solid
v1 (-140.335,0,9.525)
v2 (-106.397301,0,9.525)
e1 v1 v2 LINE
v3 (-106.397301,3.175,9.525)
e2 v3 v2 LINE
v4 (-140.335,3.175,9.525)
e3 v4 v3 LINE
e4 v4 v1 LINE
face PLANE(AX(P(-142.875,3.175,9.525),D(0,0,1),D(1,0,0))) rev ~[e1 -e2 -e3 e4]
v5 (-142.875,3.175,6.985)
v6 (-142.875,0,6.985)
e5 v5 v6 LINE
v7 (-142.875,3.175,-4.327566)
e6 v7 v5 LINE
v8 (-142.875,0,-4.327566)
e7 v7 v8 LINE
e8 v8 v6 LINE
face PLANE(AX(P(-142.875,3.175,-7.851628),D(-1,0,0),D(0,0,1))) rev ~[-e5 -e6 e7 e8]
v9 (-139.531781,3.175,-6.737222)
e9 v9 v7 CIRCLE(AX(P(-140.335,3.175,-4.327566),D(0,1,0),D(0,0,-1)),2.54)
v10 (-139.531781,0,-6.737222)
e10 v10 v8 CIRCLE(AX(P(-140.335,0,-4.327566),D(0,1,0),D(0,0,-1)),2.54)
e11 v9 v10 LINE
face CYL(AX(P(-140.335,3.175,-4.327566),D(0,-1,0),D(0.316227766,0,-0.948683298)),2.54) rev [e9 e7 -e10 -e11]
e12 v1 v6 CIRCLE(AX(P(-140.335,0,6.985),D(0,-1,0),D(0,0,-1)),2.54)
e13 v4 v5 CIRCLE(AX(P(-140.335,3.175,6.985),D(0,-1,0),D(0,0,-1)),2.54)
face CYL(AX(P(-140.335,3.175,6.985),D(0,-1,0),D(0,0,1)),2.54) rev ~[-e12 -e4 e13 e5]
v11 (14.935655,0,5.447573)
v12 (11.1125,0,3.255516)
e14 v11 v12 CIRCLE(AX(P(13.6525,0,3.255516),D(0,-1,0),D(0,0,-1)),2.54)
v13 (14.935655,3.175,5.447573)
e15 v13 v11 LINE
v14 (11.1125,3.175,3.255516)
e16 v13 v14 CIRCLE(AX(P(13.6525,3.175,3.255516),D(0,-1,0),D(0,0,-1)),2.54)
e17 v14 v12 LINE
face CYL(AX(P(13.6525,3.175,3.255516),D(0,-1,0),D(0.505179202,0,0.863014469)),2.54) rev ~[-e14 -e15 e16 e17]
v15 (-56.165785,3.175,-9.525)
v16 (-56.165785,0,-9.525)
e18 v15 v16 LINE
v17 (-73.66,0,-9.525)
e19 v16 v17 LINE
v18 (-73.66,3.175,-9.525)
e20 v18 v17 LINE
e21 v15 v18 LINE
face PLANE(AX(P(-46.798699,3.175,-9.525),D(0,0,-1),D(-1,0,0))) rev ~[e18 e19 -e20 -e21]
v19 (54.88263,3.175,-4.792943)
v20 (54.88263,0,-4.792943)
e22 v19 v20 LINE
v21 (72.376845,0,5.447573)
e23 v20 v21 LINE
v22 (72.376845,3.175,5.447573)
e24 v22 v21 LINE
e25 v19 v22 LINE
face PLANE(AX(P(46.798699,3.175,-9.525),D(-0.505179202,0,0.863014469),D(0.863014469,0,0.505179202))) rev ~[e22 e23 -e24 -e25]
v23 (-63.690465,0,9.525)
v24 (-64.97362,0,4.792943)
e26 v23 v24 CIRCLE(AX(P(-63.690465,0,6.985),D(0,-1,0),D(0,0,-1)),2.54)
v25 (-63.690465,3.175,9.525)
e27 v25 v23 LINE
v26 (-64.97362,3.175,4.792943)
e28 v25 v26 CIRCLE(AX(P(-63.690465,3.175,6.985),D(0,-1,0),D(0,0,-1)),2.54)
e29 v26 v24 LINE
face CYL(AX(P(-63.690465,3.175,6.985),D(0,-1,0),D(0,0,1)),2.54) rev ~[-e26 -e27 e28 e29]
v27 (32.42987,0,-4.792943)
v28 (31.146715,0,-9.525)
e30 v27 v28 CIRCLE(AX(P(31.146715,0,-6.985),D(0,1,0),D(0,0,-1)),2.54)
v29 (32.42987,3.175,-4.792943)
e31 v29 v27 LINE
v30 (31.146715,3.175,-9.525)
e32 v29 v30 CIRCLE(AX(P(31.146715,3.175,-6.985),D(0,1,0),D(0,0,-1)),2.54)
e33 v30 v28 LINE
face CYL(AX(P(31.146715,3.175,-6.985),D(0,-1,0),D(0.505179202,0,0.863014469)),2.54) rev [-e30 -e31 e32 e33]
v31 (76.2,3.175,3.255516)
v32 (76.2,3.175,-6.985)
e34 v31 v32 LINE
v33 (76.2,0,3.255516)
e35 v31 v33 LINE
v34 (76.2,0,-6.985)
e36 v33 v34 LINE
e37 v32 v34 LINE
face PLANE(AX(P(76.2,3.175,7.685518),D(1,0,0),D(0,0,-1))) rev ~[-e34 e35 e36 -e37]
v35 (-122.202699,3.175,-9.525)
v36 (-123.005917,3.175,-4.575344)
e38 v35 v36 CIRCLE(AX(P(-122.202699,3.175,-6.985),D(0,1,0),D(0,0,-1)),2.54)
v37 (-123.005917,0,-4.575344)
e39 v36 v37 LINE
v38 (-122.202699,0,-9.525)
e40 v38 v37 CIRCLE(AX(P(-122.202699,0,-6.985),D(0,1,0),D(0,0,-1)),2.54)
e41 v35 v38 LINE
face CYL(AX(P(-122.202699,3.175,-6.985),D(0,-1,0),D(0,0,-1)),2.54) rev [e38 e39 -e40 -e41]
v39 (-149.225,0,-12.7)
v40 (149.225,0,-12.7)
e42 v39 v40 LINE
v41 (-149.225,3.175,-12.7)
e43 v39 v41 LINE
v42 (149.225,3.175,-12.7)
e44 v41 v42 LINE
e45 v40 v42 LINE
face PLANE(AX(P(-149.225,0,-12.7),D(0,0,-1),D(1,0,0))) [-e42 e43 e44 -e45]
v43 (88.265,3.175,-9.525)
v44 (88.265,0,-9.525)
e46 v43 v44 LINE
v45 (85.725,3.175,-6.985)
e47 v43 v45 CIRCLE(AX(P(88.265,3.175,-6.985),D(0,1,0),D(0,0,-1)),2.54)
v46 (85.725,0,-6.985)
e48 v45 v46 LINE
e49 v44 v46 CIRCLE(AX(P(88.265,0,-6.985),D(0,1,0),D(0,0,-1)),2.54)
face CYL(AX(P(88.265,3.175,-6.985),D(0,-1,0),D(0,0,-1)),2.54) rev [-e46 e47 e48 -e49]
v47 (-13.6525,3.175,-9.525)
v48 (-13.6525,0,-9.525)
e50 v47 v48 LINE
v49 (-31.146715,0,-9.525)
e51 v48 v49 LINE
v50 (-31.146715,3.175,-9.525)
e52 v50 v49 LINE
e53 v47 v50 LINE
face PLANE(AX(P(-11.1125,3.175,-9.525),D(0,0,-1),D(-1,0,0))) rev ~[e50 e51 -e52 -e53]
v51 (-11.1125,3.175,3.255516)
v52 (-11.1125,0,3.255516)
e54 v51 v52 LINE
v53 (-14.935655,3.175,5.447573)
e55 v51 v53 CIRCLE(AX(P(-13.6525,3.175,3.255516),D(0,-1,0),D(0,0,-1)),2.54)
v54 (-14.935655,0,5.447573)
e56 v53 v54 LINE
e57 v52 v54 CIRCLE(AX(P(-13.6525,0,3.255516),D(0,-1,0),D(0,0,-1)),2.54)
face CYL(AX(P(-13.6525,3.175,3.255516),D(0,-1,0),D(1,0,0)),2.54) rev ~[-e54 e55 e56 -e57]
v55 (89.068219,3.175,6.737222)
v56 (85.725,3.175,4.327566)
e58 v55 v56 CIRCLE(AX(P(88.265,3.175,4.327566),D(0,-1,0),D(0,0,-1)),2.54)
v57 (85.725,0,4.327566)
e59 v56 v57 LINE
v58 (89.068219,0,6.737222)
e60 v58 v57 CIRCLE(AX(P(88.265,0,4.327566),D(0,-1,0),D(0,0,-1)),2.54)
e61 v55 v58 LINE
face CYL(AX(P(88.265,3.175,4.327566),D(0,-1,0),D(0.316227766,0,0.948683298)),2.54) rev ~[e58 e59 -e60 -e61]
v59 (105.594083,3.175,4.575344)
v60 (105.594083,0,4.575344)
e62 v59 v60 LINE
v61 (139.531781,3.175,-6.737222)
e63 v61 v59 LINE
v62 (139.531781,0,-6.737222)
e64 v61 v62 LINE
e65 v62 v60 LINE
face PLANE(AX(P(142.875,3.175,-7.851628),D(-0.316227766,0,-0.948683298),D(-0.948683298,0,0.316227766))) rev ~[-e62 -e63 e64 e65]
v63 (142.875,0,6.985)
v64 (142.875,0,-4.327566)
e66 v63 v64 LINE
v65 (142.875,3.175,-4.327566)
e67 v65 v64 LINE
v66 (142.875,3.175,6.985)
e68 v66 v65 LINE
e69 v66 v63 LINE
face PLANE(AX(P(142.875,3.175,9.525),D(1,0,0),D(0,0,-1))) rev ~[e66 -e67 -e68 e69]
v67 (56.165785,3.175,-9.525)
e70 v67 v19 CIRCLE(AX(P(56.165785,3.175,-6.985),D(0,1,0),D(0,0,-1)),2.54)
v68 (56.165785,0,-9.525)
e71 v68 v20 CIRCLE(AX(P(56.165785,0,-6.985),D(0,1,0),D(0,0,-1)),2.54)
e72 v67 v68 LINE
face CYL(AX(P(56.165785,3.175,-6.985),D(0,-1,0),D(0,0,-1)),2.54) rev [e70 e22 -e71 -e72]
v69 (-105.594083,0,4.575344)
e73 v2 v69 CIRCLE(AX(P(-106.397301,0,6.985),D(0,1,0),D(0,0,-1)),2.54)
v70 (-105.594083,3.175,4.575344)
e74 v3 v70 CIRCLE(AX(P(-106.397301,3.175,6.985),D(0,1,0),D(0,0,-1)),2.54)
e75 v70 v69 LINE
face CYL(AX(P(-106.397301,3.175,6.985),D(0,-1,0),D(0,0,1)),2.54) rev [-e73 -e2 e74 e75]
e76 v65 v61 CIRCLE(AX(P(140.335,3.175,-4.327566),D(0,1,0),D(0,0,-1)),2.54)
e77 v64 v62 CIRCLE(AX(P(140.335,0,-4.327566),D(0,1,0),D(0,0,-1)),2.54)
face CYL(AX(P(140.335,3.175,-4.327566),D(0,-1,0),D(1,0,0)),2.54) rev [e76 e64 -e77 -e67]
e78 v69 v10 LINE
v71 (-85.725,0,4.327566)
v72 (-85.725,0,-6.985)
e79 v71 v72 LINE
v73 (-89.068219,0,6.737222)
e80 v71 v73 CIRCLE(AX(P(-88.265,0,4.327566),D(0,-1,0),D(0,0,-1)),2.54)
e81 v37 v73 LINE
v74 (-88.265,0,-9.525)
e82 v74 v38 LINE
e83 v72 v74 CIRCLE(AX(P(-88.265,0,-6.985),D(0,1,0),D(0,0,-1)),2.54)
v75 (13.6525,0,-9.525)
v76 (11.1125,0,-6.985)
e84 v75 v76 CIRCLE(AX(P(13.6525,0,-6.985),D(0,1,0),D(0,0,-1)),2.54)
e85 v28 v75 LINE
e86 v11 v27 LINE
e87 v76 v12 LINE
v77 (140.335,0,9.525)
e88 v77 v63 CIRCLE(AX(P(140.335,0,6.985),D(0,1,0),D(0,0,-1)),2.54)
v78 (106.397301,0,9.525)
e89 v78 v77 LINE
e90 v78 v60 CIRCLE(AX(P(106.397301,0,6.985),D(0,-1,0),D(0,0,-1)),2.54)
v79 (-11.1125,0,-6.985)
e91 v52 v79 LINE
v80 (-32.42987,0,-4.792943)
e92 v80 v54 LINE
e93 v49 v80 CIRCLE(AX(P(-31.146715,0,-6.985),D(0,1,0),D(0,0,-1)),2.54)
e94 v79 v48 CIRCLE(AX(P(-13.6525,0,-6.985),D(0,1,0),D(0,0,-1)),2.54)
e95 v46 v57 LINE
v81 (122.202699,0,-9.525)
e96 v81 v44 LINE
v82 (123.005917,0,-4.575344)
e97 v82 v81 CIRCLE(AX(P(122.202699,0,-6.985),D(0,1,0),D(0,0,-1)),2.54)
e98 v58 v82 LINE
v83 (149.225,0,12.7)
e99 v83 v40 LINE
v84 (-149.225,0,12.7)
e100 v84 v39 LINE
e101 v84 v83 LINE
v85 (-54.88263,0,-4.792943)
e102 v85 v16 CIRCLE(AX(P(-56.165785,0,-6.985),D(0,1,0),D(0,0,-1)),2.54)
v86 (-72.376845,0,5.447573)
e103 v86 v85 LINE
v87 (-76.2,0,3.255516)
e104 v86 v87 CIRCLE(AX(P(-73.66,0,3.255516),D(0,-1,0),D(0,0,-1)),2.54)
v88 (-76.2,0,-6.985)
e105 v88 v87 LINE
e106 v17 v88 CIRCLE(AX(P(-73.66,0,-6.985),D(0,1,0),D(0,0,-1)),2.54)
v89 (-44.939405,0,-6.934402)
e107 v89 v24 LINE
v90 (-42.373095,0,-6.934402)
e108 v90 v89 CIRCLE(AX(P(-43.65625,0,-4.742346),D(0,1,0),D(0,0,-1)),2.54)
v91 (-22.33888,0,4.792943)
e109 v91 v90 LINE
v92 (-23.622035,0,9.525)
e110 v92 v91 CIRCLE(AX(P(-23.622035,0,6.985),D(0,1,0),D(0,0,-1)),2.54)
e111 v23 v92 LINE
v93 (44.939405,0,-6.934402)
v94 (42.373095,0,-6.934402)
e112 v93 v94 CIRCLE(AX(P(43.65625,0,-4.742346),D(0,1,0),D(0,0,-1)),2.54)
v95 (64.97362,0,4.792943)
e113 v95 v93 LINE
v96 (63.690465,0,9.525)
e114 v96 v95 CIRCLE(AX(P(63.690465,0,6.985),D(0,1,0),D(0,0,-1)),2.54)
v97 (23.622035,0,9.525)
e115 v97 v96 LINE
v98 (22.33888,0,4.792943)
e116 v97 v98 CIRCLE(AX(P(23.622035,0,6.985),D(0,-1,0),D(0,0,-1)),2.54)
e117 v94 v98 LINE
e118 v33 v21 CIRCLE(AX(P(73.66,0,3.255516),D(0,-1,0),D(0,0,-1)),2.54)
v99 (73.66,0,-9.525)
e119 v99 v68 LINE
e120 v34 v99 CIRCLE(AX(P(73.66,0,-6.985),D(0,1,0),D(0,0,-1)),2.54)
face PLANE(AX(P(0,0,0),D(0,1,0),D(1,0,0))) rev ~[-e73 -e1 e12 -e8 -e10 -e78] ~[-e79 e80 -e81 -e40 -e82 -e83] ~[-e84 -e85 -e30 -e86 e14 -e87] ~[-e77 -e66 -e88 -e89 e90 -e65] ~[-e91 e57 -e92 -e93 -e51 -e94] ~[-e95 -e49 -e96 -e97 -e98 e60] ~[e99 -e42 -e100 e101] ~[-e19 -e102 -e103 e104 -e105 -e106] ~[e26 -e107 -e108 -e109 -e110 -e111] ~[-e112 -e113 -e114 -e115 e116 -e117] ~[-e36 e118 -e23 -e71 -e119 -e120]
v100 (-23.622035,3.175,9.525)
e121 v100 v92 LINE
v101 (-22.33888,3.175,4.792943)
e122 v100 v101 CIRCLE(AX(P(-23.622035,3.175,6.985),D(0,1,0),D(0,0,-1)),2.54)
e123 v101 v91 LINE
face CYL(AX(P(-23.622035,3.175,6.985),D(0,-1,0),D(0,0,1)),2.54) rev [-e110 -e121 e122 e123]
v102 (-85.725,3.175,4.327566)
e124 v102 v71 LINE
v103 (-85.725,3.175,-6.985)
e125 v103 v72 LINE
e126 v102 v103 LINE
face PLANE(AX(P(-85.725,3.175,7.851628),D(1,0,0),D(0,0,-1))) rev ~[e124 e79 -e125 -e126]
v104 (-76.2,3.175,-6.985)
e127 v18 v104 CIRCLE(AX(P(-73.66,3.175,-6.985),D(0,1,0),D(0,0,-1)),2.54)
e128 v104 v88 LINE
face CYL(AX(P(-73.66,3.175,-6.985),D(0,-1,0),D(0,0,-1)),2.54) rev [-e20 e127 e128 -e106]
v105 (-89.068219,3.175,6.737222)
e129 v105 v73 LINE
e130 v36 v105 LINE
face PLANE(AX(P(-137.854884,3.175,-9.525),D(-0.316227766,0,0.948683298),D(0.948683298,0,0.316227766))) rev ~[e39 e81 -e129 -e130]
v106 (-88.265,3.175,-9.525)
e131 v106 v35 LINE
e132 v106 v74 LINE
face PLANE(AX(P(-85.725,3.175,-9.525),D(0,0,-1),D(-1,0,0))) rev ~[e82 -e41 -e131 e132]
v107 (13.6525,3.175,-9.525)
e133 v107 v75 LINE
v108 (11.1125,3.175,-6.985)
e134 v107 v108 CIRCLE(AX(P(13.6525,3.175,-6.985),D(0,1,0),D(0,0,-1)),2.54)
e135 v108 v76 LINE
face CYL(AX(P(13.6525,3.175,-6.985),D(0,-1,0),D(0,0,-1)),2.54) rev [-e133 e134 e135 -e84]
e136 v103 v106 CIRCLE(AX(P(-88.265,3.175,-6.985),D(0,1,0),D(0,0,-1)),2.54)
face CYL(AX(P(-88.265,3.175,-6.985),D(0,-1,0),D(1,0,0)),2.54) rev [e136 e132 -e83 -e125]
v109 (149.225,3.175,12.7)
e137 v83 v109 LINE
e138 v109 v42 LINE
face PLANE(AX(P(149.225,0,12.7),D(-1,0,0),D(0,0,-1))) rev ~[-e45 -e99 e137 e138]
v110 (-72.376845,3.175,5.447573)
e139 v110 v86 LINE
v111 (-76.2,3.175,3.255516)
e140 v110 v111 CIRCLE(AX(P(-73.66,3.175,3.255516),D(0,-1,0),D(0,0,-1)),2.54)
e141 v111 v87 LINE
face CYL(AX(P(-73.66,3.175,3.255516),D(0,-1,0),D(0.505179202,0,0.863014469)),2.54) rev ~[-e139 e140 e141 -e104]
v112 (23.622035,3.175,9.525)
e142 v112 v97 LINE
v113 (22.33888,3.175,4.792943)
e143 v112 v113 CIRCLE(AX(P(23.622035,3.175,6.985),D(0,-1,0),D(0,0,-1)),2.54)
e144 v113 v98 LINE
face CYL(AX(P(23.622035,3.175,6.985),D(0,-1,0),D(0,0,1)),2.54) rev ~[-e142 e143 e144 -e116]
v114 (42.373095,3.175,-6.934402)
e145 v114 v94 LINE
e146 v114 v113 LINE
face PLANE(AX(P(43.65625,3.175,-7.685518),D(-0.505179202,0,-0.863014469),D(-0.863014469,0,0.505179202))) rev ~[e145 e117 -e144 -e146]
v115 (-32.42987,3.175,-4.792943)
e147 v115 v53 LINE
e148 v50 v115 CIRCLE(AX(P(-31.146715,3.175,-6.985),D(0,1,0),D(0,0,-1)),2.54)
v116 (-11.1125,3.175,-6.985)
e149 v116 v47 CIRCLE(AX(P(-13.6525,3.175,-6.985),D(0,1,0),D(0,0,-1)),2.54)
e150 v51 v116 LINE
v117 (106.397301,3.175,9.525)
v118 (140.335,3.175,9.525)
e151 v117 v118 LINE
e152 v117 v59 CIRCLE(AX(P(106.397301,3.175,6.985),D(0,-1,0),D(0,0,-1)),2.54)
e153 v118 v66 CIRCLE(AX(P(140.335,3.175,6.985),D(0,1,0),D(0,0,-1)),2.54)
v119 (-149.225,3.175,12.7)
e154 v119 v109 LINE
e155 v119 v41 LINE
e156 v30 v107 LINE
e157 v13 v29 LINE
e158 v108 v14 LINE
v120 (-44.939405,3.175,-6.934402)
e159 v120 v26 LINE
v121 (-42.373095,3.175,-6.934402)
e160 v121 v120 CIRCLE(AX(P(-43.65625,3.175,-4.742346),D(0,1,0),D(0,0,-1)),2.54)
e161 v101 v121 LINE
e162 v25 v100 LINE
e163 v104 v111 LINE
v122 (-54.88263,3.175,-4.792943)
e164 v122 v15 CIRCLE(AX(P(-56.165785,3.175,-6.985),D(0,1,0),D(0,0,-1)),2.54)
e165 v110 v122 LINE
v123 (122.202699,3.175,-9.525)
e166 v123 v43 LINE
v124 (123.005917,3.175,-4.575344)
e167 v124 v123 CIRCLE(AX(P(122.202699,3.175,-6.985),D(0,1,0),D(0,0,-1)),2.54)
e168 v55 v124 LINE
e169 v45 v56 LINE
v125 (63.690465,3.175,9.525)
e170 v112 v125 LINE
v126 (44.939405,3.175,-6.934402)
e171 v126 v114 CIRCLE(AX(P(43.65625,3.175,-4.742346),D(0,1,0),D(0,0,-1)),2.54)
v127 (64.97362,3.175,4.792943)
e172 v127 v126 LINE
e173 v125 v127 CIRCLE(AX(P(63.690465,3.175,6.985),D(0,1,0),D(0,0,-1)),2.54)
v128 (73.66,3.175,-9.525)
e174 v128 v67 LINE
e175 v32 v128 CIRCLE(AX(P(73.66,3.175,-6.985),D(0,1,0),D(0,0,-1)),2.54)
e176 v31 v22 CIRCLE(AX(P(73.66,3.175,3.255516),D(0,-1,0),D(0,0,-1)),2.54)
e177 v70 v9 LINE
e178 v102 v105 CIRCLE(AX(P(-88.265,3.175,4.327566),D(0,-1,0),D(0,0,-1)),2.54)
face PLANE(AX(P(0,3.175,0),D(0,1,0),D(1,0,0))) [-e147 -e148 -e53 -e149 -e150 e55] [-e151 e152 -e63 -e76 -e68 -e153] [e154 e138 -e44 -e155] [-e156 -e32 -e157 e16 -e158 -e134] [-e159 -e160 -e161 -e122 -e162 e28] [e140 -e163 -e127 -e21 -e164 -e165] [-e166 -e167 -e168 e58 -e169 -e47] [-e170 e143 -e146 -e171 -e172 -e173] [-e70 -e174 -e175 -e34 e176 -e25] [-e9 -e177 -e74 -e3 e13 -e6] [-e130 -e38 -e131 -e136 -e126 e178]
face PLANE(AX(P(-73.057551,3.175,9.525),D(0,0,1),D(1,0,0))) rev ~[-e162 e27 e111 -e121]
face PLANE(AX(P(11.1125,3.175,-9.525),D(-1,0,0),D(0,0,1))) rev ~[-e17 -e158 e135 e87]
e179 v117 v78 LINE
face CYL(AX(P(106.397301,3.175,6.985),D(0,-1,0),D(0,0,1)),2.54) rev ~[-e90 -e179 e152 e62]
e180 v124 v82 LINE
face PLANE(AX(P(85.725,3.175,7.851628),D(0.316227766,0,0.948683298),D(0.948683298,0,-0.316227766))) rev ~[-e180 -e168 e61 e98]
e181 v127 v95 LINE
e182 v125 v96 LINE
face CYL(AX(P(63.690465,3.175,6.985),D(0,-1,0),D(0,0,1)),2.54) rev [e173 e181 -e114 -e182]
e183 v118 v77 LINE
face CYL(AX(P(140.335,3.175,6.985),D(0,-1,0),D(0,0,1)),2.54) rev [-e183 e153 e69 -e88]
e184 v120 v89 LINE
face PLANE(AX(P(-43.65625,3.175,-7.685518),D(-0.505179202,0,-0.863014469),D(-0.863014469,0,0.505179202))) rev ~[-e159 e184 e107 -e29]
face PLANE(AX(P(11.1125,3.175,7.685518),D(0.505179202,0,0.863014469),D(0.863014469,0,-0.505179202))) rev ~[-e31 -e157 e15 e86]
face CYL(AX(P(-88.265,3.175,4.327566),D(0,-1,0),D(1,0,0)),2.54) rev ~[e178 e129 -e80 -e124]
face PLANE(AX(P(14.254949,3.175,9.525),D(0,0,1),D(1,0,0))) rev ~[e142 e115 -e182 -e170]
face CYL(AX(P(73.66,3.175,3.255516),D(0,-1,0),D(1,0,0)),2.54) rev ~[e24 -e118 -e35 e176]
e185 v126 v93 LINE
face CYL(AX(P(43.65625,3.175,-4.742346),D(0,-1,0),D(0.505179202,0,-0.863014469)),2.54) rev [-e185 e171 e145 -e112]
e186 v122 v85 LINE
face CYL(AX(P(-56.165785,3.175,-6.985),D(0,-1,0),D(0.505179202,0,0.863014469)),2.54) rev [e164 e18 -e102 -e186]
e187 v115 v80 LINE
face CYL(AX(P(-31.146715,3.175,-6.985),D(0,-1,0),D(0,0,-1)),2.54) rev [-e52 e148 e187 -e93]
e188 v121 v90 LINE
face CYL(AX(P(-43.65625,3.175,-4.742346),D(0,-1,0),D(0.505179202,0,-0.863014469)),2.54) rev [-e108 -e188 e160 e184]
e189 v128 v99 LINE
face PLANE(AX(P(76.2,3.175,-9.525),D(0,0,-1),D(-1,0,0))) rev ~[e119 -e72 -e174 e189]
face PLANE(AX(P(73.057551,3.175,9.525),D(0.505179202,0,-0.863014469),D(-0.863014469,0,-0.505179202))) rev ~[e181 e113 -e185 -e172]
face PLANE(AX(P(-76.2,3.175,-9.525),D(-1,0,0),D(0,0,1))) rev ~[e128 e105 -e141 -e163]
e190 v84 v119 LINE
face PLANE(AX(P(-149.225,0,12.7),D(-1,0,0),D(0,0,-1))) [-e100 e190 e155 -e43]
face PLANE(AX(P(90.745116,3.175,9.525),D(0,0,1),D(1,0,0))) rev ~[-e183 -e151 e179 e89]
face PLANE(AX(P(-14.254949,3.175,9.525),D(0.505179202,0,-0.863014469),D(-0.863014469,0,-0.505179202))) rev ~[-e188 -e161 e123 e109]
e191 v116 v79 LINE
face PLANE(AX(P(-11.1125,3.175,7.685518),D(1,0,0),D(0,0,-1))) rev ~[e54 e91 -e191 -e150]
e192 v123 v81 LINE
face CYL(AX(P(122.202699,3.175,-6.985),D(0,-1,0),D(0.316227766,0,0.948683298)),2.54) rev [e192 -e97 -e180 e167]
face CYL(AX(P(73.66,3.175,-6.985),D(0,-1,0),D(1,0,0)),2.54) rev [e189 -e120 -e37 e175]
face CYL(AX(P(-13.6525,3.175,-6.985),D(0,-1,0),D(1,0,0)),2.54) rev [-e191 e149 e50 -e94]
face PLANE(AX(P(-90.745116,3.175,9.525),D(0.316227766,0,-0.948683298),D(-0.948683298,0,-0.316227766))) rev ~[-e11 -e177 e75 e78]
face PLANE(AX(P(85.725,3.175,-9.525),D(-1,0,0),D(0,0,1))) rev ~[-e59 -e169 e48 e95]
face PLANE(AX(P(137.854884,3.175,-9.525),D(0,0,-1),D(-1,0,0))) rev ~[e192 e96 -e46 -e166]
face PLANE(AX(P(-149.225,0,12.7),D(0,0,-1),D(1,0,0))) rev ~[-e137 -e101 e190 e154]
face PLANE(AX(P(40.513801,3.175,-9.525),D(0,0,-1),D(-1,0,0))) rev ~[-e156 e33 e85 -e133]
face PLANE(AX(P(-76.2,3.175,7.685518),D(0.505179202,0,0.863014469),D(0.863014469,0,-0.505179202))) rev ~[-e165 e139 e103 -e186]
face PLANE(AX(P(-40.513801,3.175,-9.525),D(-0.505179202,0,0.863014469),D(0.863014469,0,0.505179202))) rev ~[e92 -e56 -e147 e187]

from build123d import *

# Parameters (mm, degrees)
SKETCH1_W           = 298.45
SKETCH1_H           = 25.4
BOSS_EXTRUDE1_DEPTH = 3.175
CUT_EXTRUDE1_DEPTH  = 4.175
FILLET1_R           = 2.54


with BuildPart() as part:
    # Sketch1 → Boss-Extrude1 (new body)
    with BuildSketch(Plane(origin=(0, 0, 0), x_dir=(1, 0, 0), z_dir=(0, 1, 0))):
        Rectangle(SKETCH1_W, SKETCH1_H)
    extrude(amount=BOSS_EXTRUDE1_DEPTH)

    # Sketch2 → Cut-Extrude1 (cut, through all)
    with BuildSketch(Plane(origin=(0, 3.175, 0), x_dir=(1, 0, 0), z_dir=(0, 1, 0))):
        Polygon((-142.875, -9.525), (-90.745115786, -9.525), (-142.875, 7.851628071), align=None)
        Polygon((-85.725, -7.851628071), (-85.725, 9.525), (-137.854884214, 9.525), align=None)
        Polygon((-76.2, -7.685517516), (-46.798699244, 9.525), (-76.2, 9.525), align=None)
        Polygon((-73.057550756, -9.525), (-14.254949244, -9.525), (-43.65625, 7.685517516), align=None)
        Polygon((-11.1125, -7.685517516), (-11.1125, 9.525), (-40.513800756, 9.525), align=None)
        Polygon((11.1125, -7.685517516), (40.513800756, 9.525), (11.1125, 9.525), align=None)
        Polygon((14.254949244, -9.525), (73.057550756, -9.525), (43.65625, 7.685517516), align=None)
        Polygon((76.2, -7.685517516), (76.2, 9.525), (46.798699244, 9.525), align=None)
        Polygon((85.725, -7.851628071), (137.854884214, 9.525), (85.725, 9.525), align=None)
        Polygon((90.745115786, -9.525), (142.875, -9.525), (142.875, 7.851628071), align=None)
    extrude(amount=-CUT_EXTRUDE1_DEPTH, mode=Mode.SUBTRACT)

    # Fillet1
    fillet1_edges = [part.edges().sort_by_distance(p)[0] for p in [
        (-43.65625, 1.5875, -7.685517516),
        (-14.254949244, 1.5875, 9.525),
        (-73.057550756, 1.5875, 9.525),
        (-40.513800756, 1.5875, -9.525),
        (-11.1125, 1.5875, -9.525),
        (-11.1125, 1.5875, 7.685517516),
        (-76.2, 1.5875, 7.685517516),
        (-76.2, 1.5875, -9.525),
        (-46.798699244, 1.5875, -9.525),
        (-85.725, 1.5875, 7.851628071),
        (-137.854884214, 1.5875, -9.525),
        (-85.725, 1.5875, -9.525),
        (85.725, 1.5875, 7.851628071),
        (85.725, 1.5875, -9.525),
        (137.854884214, 1.5875, -9.525),
        (46.798699244, 1.5875, -9.525),
        (76.2, 1.5875, -9.525),
        (76.2, 1.5875, 7.685517516),
        (11.1125, 1.5875, 7.685517516),
        (11.1125, 1.5875, -9.525),
        (40.513800756, 1.5875, -9.525),
        (43.65625, 1.5875, -7.685517516),
        (73.057550756, 1.5875, 9.525),
        (14.254949244, 1.5875, 9.525),
        (90.745115786, 1.5875, 9.525),
        (142.875, 1.5875, -7.851628071),
        (142.875, 1.5875, 9.525),
        (-90.745115786, 1.5875, 9.525),
        (-142.875, 1.5875, 9.525),
        (-142.875, 1.5875, -7.851628071),
    ]]
    fillet(fillet1_edges, radius=FILLET1_R)


solid = part.part
